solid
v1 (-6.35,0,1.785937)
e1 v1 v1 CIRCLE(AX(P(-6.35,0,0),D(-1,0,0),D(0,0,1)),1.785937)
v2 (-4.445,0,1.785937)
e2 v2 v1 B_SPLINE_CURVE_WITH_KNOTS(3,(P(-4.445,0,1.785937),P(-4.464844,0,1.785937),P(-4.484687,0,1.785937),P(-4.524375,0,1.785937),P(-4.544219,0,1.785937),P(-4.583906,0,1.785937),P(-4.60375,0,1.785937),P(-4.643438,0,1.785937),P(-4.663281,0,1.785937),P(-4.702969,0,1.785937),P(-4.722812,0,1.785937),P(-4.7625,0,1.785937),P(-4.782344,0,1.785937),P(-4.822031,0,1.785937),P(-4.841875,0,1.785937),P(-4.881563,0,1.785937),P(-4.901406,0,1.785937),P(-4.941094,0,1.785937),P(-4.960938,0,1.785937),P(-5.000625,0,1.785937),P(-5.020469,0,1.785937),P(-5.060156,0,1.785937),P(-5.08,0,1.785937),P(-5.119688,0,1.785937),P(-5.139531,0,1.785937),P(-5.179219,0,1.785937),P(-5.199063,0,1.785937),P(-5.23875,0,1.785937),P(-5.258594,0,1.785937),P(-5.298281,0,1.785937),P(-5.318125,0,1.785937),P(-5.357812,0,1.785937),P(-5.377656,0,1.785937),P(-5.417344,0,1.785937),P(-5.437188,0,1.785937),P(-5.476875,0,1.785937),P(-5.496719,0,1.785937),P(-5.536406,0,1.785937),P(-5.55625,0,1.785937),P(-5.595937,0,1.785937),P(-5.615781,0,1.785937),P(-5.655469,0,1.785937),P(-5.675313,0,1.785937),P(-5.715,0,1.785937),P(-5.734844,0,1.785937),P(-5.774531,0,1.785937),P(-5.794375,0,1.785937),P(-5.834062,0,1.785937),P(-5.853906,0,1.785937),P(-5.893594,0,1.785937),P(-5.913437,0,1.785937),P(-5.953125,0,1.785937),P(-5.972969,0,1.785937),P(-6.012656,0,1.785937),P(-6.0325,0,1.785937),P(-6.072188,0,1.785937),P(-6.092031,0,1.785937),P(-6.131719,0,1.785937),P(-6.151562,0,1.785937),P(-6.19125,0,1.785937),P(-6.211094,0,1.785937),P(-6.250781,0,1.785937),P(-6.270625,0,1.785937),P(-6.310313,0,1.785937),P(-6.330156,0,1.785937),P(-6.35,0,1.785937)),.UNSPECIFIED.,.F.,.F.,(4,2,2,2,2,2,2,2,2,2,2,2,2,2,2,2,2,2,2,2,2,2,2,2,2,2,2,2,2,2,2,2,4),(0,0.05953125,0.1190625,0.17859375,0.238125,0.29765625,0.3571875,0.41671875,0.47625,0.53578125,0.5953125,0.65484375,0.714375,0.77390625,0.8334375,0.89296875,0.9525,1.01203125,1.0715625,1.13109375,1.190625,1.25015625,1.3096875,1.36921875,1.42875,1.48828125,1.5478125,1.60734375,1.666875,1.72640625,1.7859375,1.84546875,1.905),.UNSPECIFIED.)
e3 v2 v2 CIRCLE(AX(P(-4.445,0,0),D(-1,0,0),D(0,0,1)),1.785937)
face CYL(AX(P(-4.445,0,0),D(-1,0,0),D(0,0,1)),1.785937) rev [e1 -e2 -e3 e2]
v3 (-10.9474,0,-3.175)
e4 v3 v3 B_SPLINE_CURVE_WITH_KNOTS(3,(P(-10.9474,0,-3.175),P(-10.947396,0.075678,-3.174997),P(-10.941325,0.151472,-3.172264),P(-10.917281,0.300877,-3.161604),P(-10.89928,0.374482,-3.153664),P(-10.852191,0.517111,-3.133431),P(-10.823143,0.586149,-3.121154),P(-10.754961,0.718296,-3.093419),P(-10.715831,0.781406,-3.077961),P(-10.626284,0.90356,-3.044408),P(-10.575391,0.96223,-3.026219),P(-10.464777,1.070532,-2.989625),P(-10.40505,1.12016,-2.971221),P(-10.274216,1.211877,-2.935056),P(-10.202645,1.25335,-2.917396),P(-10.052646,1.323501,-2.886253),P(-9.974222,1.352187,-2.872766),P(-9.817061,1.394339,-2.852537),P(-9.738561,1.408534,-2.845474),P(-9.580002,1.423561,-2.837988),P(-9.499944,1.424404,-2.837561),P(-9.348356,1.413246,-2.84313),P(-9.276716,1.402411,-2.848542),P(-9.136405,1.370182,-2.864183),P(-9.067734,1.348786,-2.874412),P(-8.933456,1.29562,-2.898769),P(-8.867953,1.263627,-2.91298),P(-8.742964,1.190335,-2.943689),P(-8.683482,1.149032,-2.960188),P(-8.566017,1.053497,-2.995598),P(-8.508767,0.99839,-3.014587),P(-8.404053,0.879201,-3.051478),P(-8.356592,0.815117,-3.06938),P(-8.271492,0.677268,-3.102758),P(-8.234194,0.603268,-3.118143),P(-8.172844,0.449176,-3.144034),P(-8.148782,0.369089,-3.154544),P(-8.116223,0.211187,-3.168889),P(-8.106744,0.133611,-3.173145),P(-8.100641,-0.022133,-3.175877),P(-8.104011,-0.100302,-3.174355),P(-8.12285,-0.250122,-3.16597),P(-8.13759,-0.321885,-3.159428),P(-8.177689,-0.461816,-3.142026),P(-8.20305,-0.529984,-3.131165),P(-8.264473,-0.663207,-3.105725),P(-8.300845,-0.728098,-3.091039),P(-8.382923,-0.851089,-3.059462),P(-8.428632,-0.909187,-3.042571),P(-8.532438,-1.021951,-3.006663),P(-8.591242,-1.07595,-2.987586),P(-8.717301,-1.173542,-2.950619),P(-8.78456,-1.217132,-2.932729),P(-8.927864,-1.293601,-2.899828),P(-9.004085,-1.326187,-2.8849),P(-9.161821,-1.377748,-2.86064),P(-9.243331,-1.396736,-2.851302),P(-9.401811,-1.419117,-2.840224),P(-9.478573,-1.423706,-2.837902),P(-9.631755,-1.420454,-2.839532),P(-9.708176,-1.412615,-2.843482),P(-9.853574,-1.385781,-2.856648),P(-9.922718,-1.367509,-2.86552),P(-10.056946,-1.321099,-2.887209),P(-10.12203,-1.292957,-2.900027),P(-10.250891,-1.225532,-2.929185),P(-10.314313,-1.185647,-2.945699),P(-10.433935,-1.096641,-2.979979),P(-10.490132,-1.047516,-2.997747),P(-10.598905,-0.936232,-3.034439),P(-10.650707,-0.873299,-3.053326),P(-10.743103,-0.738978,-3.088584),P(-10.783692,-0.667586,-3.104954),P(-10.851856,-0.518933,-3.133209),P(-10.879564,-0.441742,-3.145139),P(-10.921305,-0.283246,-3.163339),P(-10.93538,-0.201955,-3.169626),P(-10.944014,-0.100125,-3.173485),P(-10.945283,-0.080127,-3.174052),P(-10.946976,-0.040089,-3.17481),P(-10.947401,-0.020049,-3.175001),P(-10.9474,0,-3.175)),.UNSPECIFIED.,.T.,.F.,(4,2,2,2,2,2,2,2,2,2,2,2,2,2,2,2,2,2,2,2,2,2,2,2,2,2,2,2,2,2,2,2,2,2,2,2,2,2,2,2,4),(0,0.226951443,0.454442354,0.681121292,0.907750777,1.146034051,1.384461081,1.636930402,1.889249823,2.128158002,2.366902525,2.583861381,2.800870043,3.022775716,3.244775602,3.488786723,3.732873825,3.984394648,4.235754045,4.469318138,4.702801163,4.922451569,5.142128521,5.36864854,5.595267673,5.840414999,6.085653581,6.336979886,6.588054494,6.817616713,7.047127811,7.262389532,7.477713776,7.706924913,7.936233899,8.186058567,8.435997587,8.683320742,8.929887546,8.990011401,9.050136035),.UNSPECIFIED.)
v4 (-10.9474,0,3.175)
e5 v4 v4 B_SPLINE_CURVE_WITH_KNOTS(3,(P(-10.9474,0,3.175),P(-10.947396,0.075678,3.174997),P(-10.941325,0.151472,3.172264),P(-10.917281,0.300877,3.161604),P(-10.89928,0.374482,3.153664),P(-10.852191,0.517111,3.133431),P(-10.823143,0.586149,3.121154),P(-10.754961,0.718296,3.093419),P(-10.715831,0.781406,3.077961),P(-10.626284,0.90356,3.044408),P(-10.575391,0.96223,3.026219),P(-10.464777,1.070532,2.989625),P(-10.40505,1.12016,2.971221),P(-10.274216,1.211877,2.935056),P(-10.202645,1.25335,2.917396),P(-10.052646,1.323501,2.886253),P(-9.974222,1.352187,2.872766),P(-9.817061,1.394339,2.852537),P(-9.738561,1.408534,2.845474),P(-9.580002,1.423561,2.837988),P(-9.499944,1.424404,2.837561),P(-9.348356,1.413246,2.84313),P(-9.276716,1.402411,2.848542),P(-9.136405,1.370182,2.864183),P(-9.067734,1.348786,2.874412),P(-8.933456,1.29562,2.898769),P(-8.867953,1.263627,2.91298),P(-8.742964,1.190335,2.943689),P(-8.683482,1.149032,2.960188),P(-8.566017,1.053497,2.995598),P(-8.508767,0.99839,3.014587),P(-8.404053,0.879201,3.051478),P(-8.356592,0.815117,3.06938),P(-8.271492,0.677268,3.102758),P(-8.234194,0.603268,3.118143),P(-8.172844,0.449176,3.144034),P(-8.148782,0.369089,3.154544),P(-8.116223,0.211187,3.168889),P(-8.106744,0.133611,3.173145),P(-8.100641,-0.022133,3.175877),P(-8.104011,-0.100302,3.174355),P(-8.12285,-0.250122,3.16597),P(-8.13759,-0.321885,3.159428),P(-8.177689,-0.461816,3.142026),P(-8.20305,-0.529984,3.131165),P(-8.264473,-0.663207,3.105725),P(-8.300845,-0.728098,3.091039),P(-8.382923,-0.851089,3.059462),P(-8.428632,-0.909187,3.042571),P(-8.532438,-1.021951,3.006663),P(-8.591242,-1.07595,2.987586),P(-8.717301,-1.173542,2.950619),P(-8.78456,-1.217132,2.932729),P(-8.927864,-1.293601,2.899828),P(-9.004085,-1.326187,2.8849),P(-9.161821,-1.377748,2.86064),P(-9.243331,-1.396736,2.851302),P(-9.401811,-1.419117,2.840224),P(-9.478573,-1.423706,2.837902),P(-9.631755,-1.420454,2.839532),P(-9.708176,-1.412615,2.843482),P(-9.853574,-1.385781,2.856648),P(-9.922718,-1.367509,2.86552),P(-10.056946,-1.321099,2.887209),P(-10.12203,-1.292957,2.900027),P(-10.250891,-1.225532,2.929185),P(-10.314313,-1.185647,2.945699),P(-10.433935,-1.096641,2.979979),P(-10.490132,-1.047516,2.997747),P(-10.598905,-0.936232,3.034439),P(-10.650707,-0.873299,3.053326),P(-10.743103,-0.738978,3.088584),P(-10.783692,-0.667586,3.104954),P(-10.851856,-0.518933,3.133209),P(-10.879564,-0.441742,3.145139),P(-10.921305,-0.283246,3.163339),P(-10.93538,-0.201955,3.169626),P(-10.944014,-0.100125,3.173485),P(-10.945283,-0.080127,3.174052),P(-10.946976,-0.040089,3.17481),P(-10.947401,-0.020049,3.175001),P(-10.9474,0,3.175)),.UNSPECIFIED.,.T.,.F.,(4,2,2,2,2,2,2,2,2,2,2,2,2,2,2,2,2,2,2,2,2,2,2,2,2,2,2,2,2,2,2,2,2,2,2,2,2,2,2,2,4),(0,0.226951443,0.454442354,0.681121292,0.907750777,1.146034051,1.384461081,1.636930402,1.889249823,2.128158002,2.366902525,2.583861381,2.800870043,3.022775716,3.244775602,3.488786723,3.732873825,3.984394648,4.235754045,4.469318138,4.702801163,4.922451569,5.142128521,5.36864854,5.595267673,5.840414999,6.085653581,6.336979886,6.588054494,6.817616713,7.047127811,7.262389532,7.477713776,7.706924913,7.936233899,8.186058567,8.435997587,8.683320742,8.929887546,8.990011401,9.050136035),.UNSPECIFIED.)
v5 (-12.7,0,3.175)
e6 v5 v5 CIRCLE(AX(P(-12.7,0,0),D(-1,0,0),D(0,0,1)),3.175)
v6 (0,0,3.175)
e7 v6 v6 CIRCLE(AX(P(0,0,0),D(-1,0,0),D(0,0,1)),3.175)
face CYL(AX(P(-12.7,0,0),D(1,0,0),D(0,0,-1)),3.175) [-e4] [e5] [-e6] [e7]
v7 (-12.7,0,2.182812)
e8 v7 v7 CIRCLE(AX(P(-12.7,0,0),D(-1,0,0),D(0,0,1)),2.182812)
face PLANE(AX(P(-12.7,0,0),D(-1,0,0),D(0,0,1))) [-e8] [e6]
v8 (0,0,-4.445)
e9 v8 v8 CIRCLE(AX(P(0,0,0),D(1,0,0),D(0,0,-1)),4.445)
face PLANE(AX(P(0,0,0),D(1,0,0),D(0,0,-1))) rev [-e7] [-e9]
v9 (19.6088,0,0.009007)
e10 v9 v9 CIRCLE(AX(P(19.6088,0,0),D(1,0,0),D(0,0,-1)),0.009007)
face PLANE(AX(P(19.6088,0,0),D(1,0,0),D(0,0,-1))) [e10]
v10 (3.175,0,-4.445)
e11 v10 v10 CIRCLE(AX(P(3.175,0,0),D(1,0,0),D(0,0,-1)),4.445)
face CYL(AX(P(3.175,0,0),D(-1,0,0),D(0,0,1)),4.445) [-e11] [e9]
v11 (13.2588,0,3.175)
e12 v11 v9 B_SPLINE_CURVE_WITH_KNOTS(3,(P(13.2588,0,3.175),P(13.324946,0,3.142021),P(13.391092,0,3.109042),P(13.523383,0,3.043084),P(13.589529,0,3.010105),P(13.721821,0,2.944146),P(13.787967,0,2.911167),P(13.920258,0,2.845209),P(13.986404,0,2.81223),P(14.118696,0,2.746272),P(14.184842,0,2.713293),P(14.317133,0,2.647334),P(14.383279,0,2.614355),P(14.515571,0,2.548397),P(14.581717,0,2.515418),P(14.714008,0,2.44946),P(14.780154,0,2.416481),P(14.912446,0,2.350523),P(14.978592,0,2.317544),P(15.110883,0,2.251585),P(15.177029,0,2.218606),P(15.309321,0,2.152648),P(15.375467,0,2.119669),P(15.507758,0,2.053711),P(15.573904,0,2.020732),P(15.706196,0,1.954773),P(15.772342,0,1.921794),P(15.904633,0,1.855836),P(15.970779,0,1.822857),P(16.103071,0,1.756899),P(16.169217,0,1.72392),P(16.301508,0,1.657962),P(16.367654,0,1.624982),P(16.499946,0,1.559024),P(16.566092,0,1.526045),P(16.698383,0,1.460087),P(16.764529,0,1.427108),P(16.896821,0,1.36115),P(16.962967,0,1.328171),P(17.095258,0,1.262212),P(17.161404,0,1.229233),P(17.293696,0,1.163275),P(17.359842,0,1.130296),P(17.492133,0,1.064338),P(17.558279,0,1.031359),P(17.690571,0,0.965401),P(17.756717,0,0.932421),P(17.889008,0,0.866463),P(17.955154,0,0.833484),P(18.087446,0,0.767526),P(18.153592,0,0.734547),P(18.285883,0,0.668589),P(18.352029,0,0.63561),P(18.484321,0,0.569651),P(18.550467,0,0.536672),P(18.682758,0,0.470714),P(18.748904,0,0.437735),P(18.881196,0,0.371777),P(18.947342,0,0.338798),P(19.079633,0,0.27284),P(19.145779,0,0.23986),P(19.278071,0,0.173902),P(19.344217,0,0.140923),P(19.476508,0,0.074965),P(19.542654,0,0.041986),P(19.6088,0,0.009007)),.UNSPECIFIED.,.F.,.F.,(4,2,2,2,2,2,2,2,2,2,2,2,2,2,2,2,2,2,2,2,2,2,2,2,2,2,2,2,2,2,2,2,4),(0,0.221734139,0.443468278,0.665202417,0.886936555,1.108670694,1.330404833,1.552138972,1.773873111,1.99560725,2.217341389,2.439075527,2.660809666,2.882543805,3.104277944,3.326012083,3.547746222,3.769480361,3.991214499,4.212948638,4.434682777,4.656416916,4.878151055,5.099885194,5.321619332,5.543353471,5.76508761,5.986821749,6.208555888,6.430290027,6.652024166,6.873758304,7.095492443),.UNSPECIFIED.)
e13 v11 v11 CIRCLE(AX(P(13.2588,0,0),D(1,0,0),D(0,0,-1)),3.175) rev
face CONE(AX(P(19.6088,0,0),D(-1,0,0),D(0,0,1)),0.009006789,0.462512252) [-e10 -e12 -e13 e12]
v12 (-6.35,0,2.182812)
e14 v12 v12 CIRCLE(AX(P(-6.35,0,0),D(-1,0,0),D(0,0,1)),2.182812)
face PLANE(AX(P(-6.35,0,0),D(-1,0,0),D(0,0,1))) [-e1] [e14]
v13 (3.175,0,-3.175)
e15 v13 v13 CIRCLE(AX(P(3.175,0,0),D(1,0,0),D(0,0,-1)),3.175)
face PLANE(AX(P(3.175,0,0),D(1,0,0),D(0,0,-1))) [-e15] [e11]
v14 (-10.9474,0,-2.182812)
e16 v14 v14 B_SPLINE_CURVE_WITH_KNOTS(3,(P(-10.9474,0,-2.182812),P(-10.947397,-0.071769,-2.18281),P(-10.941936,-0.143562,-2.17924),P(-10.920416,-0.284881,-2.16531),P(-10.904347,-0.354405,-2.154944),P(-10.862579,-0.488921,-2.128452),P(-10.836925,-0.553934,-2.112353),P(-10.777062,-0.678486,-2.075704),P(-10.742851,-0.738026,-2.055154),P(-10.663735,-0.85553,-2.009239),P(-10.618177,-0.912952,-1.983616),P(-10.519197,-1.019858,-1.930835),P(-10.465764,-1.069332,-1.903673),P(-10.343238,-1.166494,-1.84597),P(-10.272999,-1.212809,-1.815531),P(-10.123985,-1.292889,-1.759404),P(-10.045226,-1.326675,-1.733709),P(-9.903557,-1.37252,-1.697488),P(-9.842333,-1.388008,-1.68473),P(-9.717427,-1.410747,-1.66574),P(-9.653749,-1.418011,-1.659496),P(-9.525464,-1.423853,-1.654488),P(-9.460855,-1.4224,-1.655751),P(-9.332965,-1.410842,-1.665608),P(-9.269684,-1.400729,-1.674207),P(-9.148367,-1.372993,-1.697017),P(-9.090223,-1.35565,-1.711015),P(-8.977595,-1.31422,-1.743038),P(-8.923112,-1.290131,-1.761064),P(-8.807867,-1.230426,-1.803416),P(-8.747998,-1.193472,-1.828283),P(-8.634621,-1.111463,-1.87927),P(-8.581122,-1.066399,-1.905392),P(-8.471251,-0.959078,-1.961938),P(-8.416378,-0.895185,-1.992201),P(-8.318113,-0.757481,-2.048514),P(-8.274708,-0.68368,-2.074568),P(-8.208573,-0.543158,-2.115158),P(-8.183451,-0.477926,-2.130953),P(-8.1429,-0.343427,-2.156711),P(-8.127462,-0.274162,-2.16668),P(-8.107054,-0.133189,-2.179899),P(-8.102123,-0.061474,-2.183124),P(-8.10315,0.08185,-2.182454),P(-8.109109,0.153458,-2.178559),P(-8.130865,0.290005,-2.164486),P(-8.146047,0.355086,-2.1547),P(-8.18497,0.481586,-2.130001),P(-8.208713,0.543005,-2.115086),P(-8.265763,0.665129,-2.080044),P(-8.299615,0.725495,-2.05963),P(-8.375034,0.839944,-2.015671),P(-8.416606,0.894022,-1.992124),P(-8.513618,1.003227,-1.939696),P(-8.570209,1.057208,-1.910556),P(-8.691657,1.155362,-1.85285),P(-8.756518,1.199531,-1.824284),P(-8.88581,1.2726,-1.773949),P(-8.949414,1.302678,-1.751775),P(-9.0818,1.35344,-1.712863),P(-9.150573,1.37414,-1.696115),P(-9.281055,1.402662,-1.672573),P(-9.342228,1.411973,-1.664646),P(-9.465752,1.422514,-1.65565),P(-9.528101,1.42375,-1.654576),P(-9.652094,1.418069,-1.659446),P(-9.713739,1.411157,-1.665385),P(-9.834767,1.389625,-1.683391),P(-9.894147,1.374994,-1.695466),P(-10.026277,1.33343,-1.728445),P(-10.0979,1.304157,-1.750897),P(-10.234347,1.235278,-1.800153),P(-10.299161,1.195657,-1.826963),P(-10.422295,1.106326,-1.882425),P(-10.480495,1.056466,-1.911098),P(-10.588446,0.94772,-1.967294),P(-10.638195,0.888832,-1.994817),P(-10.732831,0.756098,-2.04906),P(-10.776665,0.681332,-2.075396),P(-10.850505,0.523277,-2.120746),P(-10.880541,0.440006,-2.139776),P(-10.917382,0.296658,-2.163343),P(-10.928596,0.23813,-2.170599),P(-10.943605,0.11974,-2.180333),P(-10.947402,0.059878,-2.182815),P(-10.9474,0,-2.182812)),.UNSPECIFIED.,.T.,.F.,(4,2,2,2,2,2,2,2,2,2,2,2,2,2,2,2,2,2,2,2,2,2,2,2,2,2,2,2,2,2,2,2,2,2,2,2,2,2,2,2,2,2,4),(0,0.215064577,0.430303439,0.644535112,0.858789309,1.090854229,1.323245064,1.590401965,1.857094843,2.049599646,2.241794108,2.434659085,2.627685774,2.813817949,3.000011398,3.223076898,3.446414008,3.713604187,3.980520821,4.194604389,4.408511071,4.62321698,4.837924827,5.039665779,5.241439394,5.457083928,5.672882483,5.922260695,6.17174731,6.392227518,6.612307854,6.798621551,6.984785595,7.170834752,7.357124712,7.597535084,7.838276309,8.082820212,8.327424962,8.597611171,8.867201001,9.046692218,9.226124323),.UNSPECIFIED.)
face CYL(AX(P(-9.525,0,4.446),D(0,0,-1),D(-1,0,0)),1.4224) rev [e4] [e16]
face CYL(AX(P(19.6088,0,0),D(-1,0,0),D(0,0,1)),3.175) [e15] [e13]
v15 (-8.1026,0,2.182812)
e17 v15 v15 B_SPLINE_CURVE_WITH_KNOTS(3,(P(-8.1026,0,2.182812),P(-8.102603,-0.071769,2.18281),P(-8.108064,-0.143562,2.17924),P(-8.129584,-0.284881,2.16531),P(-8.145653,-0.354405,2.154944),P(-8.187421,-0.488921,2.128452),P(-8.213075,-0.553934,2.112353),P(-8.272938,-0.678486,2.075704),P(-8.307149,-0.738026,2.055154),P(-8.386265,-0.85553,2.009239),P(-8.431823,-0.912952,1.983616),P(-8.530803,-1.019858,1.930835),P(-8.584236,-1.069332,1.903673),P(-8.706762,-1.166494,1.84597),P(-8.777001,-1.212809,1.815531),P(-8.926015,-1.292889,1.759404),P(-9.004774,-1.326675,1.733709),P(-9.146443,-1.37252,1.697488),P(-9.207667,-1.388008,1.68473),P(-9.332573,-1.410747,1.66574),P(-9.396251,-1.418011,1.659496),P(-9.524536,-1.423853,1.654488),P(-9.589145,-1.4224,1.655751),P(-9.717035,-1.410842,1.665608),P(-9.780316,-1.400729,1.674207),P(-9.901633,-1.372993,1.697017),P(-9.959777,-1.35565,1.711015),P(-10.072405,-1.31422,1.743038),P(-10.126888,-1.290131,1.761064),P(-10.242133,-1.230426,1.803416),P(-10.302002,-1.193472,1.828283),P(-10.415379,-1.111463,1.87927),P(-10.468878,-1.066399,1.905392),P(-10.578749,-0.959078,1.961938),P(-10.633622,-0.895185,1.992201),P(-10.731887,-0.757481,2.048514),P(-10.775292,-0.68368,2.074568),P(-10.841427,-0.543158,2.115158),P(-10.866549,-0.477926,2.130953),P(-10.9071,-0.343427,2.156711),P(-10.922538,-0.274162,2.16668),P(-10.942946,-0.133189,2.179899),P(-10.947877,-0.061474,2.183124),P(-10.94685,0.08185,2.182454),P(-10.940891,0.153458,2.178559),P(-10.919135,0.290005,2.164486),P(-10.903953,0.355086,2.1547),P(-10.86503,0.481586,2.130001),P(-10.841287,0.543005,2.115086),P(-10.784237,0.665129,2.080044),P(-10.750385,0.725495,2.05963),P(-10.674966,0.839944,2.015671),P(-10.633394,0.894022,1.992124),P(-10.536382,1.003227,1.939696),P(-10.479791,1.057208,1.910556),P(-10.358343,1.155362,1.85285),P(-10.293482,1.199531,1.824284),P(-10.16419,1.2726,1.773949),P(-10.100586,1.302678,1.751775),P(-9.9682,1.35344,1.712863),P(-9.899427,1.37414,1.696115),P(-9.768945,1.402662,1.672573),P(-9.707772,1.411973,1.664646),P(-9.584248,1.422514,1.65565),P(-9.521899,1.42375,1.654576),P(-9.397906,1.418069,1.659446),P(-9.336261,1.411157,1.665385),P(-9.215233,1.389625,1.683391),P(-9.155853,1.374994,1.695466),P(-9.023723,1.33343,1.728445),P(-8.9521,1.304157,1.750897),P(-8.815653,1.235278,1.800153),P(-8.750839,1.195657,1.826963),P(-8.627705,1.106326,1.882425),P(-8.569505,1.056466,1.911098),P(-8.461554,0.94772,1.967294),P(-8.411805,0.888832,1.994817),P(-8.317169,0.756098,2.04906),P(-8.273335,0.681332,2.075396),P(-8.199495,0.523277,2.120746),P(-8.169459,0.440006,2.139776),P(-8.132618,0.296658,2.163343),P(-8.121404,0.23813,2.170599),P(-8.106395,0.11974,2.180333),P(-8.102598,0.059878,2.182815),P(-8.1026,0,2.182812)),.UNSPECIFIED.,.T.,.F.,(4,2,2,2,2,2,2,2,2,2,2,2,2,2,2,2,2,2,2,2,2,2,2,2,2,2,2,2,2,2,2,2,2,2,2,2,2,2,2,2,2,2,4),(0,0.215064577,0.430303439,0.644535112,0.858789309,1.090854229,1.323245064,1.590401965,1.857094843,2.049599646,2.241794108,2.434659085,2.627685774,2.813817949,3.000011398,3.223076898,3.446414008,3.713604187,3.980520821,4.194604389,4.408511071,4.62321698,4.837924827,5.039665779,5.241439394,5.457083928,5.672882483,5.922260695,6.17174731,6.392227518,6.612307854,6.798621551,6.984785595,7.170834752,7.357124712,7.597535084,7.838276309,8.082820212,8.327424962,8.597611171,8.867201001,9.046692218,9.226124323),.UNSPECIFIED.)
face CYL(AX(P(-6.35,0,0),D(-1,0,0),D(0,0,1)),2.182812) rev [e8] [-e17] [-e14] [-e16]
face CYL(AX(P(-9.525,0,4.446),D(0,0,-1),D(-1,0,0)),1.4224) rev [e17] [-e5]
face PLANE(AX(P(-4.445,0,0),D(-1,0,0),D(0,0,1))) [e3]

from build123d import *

# Parameters (mm, degrees)
SKETCH1_R                      = 4.445
BOSS_EXTRUDE1_DEPTH            = 3.175
SKETCH2_R                      = 3.175
BOSS_EXTRUDE2_DEPTH            = 16.4338
BOSS_EXTRUDE3_START            = 12.7
SKETCH3_R                      = 3.175
BOSS_EXTRUDE3_DEPTH            = 12.7
CHAMFER1_SIZE                  = 6.35
CHAMFER1_SIZE2                 = 3.165993211
SKETCH4_R                      = 2.1828125
CUT_EXTRUDE1_DEPTH             = 6.35
SKETCH5_R                      = 1.7859375
CUT_EXTRUDE2_DEPTH             = 1.905
CUT_EXTRUDE5_REACH             = 22.592
CUT_EXTRUDE5_END_RADIUS        = 3.175
SKETCH7_R                      = 1.4224
CUT_EXTRUDE5_DIRECTION_2_DEPTH = 21.591772324


with BuildPart() as part:
    # Sketch1 → Boss-Extrude1 (new body)
    with BuildSketch(Plane(origin=(0, 0, 0), x_dir=(0, 0, -1), z_dir=(1, 0, 0))):
        Circle(SKETCH1_R)
    extrude(amount=BOSS_EXTRUDE1_DEPTH)

    # Sketch2 → Boss-Extrude2 (add)
    with BuildSketch(Plane(origin=(3.175, 0, 0), x_dir=(0, 0, -1), z_dir=(1, 0, 0))):
        Circle(SKETCH2_R)
    extrude(amount=BOSS_EXTRUDE2_DEPTH)

    # Sketch3 → Boss-Extrude3 (add)
    with BuildSketch(Plane.ZY.offset(BOSS_EXTRUDE3_START)):
        Circle(SKETCH3_R)
    extrude(amount=-BOSS_EXTRUDE3_DEPTH)

    # Chamfer1
    chamfer1_edges = [part.edges().sort_by_distance(p)[0] for p in [
        (19.6088, 0, 3.175),
    ]]
    chamfer1_side = [part.faces().sort_by_distance(p)[0] for p in [
        (11.3919, 0, 3.175),
    ]]
    chamfer(chamfer1_edges, length=CHAMFER1_SIZE, length2=CHAMFER1_SIZE2, reference=chamfer1_side[0])

    # Sketch4 → Cut-Extrude1 (cut)
    with BuildSketch(Plane.ZY.offset(12.7)):
        Circle(SKETCH4_R)
    extrude(amount=-CUT_EXTRUDE1_DEPTH, mode=Mode.SUBTRACT)

    # Sketch5 → Cut-Extrude2 (cut)
    with BuildSketch(Plane.ZY.offset(6.35)):
        Circle(SKETCH5_R)
    extrude(amount=-CUT_EXTRUDE2_DEPTH, mode=Mode.SUBTRACT)

    # Cut-Extrude5: up to this cylinder (the profile starts inside it)
    cut_extrude5_end = Plane(origin=(-9.525, 0, 0), z_dir=(1, 0, 0)) * Cylinder(CUT_EXTRUDE5_END_RADIUS, 52.534, mode=Mode.PRIVATE)
    # Sketch7 → Cut-Extrude5 (cut, up to the surface)
    with BuildSketch(Plane.XY, mode=Mode.PRIVATE) as cut_extrude5_sk1:
        with Locations((-9.525, 0)):
            Circle(SKETCH7_R)
    cut_extrude5_tool1 = extrude(cut_extrude5_sk1.sketch, amount=CUT_EXTRUDE5_REACH, mode=Mode.PRIVATE) & cut_extrude5_end
    add(cut_extrude5_tool1.solids().sort_by_distance((-9.525, 0, 0))[0], mode=Mode.SUBTRACT)

    # Sketch7 → Cut-Extrude5 direction 2 (cut)
    with BuildSketch(Plane.XY):
        with Locations((-9.525, 0)):
            Circle(SKETCH7_R)
    extrude(amount=-CUT_EXTRUDE5_DIRECTION_2_DEPTH, mode=Mode.SUBTRACT)


solid = part.part
